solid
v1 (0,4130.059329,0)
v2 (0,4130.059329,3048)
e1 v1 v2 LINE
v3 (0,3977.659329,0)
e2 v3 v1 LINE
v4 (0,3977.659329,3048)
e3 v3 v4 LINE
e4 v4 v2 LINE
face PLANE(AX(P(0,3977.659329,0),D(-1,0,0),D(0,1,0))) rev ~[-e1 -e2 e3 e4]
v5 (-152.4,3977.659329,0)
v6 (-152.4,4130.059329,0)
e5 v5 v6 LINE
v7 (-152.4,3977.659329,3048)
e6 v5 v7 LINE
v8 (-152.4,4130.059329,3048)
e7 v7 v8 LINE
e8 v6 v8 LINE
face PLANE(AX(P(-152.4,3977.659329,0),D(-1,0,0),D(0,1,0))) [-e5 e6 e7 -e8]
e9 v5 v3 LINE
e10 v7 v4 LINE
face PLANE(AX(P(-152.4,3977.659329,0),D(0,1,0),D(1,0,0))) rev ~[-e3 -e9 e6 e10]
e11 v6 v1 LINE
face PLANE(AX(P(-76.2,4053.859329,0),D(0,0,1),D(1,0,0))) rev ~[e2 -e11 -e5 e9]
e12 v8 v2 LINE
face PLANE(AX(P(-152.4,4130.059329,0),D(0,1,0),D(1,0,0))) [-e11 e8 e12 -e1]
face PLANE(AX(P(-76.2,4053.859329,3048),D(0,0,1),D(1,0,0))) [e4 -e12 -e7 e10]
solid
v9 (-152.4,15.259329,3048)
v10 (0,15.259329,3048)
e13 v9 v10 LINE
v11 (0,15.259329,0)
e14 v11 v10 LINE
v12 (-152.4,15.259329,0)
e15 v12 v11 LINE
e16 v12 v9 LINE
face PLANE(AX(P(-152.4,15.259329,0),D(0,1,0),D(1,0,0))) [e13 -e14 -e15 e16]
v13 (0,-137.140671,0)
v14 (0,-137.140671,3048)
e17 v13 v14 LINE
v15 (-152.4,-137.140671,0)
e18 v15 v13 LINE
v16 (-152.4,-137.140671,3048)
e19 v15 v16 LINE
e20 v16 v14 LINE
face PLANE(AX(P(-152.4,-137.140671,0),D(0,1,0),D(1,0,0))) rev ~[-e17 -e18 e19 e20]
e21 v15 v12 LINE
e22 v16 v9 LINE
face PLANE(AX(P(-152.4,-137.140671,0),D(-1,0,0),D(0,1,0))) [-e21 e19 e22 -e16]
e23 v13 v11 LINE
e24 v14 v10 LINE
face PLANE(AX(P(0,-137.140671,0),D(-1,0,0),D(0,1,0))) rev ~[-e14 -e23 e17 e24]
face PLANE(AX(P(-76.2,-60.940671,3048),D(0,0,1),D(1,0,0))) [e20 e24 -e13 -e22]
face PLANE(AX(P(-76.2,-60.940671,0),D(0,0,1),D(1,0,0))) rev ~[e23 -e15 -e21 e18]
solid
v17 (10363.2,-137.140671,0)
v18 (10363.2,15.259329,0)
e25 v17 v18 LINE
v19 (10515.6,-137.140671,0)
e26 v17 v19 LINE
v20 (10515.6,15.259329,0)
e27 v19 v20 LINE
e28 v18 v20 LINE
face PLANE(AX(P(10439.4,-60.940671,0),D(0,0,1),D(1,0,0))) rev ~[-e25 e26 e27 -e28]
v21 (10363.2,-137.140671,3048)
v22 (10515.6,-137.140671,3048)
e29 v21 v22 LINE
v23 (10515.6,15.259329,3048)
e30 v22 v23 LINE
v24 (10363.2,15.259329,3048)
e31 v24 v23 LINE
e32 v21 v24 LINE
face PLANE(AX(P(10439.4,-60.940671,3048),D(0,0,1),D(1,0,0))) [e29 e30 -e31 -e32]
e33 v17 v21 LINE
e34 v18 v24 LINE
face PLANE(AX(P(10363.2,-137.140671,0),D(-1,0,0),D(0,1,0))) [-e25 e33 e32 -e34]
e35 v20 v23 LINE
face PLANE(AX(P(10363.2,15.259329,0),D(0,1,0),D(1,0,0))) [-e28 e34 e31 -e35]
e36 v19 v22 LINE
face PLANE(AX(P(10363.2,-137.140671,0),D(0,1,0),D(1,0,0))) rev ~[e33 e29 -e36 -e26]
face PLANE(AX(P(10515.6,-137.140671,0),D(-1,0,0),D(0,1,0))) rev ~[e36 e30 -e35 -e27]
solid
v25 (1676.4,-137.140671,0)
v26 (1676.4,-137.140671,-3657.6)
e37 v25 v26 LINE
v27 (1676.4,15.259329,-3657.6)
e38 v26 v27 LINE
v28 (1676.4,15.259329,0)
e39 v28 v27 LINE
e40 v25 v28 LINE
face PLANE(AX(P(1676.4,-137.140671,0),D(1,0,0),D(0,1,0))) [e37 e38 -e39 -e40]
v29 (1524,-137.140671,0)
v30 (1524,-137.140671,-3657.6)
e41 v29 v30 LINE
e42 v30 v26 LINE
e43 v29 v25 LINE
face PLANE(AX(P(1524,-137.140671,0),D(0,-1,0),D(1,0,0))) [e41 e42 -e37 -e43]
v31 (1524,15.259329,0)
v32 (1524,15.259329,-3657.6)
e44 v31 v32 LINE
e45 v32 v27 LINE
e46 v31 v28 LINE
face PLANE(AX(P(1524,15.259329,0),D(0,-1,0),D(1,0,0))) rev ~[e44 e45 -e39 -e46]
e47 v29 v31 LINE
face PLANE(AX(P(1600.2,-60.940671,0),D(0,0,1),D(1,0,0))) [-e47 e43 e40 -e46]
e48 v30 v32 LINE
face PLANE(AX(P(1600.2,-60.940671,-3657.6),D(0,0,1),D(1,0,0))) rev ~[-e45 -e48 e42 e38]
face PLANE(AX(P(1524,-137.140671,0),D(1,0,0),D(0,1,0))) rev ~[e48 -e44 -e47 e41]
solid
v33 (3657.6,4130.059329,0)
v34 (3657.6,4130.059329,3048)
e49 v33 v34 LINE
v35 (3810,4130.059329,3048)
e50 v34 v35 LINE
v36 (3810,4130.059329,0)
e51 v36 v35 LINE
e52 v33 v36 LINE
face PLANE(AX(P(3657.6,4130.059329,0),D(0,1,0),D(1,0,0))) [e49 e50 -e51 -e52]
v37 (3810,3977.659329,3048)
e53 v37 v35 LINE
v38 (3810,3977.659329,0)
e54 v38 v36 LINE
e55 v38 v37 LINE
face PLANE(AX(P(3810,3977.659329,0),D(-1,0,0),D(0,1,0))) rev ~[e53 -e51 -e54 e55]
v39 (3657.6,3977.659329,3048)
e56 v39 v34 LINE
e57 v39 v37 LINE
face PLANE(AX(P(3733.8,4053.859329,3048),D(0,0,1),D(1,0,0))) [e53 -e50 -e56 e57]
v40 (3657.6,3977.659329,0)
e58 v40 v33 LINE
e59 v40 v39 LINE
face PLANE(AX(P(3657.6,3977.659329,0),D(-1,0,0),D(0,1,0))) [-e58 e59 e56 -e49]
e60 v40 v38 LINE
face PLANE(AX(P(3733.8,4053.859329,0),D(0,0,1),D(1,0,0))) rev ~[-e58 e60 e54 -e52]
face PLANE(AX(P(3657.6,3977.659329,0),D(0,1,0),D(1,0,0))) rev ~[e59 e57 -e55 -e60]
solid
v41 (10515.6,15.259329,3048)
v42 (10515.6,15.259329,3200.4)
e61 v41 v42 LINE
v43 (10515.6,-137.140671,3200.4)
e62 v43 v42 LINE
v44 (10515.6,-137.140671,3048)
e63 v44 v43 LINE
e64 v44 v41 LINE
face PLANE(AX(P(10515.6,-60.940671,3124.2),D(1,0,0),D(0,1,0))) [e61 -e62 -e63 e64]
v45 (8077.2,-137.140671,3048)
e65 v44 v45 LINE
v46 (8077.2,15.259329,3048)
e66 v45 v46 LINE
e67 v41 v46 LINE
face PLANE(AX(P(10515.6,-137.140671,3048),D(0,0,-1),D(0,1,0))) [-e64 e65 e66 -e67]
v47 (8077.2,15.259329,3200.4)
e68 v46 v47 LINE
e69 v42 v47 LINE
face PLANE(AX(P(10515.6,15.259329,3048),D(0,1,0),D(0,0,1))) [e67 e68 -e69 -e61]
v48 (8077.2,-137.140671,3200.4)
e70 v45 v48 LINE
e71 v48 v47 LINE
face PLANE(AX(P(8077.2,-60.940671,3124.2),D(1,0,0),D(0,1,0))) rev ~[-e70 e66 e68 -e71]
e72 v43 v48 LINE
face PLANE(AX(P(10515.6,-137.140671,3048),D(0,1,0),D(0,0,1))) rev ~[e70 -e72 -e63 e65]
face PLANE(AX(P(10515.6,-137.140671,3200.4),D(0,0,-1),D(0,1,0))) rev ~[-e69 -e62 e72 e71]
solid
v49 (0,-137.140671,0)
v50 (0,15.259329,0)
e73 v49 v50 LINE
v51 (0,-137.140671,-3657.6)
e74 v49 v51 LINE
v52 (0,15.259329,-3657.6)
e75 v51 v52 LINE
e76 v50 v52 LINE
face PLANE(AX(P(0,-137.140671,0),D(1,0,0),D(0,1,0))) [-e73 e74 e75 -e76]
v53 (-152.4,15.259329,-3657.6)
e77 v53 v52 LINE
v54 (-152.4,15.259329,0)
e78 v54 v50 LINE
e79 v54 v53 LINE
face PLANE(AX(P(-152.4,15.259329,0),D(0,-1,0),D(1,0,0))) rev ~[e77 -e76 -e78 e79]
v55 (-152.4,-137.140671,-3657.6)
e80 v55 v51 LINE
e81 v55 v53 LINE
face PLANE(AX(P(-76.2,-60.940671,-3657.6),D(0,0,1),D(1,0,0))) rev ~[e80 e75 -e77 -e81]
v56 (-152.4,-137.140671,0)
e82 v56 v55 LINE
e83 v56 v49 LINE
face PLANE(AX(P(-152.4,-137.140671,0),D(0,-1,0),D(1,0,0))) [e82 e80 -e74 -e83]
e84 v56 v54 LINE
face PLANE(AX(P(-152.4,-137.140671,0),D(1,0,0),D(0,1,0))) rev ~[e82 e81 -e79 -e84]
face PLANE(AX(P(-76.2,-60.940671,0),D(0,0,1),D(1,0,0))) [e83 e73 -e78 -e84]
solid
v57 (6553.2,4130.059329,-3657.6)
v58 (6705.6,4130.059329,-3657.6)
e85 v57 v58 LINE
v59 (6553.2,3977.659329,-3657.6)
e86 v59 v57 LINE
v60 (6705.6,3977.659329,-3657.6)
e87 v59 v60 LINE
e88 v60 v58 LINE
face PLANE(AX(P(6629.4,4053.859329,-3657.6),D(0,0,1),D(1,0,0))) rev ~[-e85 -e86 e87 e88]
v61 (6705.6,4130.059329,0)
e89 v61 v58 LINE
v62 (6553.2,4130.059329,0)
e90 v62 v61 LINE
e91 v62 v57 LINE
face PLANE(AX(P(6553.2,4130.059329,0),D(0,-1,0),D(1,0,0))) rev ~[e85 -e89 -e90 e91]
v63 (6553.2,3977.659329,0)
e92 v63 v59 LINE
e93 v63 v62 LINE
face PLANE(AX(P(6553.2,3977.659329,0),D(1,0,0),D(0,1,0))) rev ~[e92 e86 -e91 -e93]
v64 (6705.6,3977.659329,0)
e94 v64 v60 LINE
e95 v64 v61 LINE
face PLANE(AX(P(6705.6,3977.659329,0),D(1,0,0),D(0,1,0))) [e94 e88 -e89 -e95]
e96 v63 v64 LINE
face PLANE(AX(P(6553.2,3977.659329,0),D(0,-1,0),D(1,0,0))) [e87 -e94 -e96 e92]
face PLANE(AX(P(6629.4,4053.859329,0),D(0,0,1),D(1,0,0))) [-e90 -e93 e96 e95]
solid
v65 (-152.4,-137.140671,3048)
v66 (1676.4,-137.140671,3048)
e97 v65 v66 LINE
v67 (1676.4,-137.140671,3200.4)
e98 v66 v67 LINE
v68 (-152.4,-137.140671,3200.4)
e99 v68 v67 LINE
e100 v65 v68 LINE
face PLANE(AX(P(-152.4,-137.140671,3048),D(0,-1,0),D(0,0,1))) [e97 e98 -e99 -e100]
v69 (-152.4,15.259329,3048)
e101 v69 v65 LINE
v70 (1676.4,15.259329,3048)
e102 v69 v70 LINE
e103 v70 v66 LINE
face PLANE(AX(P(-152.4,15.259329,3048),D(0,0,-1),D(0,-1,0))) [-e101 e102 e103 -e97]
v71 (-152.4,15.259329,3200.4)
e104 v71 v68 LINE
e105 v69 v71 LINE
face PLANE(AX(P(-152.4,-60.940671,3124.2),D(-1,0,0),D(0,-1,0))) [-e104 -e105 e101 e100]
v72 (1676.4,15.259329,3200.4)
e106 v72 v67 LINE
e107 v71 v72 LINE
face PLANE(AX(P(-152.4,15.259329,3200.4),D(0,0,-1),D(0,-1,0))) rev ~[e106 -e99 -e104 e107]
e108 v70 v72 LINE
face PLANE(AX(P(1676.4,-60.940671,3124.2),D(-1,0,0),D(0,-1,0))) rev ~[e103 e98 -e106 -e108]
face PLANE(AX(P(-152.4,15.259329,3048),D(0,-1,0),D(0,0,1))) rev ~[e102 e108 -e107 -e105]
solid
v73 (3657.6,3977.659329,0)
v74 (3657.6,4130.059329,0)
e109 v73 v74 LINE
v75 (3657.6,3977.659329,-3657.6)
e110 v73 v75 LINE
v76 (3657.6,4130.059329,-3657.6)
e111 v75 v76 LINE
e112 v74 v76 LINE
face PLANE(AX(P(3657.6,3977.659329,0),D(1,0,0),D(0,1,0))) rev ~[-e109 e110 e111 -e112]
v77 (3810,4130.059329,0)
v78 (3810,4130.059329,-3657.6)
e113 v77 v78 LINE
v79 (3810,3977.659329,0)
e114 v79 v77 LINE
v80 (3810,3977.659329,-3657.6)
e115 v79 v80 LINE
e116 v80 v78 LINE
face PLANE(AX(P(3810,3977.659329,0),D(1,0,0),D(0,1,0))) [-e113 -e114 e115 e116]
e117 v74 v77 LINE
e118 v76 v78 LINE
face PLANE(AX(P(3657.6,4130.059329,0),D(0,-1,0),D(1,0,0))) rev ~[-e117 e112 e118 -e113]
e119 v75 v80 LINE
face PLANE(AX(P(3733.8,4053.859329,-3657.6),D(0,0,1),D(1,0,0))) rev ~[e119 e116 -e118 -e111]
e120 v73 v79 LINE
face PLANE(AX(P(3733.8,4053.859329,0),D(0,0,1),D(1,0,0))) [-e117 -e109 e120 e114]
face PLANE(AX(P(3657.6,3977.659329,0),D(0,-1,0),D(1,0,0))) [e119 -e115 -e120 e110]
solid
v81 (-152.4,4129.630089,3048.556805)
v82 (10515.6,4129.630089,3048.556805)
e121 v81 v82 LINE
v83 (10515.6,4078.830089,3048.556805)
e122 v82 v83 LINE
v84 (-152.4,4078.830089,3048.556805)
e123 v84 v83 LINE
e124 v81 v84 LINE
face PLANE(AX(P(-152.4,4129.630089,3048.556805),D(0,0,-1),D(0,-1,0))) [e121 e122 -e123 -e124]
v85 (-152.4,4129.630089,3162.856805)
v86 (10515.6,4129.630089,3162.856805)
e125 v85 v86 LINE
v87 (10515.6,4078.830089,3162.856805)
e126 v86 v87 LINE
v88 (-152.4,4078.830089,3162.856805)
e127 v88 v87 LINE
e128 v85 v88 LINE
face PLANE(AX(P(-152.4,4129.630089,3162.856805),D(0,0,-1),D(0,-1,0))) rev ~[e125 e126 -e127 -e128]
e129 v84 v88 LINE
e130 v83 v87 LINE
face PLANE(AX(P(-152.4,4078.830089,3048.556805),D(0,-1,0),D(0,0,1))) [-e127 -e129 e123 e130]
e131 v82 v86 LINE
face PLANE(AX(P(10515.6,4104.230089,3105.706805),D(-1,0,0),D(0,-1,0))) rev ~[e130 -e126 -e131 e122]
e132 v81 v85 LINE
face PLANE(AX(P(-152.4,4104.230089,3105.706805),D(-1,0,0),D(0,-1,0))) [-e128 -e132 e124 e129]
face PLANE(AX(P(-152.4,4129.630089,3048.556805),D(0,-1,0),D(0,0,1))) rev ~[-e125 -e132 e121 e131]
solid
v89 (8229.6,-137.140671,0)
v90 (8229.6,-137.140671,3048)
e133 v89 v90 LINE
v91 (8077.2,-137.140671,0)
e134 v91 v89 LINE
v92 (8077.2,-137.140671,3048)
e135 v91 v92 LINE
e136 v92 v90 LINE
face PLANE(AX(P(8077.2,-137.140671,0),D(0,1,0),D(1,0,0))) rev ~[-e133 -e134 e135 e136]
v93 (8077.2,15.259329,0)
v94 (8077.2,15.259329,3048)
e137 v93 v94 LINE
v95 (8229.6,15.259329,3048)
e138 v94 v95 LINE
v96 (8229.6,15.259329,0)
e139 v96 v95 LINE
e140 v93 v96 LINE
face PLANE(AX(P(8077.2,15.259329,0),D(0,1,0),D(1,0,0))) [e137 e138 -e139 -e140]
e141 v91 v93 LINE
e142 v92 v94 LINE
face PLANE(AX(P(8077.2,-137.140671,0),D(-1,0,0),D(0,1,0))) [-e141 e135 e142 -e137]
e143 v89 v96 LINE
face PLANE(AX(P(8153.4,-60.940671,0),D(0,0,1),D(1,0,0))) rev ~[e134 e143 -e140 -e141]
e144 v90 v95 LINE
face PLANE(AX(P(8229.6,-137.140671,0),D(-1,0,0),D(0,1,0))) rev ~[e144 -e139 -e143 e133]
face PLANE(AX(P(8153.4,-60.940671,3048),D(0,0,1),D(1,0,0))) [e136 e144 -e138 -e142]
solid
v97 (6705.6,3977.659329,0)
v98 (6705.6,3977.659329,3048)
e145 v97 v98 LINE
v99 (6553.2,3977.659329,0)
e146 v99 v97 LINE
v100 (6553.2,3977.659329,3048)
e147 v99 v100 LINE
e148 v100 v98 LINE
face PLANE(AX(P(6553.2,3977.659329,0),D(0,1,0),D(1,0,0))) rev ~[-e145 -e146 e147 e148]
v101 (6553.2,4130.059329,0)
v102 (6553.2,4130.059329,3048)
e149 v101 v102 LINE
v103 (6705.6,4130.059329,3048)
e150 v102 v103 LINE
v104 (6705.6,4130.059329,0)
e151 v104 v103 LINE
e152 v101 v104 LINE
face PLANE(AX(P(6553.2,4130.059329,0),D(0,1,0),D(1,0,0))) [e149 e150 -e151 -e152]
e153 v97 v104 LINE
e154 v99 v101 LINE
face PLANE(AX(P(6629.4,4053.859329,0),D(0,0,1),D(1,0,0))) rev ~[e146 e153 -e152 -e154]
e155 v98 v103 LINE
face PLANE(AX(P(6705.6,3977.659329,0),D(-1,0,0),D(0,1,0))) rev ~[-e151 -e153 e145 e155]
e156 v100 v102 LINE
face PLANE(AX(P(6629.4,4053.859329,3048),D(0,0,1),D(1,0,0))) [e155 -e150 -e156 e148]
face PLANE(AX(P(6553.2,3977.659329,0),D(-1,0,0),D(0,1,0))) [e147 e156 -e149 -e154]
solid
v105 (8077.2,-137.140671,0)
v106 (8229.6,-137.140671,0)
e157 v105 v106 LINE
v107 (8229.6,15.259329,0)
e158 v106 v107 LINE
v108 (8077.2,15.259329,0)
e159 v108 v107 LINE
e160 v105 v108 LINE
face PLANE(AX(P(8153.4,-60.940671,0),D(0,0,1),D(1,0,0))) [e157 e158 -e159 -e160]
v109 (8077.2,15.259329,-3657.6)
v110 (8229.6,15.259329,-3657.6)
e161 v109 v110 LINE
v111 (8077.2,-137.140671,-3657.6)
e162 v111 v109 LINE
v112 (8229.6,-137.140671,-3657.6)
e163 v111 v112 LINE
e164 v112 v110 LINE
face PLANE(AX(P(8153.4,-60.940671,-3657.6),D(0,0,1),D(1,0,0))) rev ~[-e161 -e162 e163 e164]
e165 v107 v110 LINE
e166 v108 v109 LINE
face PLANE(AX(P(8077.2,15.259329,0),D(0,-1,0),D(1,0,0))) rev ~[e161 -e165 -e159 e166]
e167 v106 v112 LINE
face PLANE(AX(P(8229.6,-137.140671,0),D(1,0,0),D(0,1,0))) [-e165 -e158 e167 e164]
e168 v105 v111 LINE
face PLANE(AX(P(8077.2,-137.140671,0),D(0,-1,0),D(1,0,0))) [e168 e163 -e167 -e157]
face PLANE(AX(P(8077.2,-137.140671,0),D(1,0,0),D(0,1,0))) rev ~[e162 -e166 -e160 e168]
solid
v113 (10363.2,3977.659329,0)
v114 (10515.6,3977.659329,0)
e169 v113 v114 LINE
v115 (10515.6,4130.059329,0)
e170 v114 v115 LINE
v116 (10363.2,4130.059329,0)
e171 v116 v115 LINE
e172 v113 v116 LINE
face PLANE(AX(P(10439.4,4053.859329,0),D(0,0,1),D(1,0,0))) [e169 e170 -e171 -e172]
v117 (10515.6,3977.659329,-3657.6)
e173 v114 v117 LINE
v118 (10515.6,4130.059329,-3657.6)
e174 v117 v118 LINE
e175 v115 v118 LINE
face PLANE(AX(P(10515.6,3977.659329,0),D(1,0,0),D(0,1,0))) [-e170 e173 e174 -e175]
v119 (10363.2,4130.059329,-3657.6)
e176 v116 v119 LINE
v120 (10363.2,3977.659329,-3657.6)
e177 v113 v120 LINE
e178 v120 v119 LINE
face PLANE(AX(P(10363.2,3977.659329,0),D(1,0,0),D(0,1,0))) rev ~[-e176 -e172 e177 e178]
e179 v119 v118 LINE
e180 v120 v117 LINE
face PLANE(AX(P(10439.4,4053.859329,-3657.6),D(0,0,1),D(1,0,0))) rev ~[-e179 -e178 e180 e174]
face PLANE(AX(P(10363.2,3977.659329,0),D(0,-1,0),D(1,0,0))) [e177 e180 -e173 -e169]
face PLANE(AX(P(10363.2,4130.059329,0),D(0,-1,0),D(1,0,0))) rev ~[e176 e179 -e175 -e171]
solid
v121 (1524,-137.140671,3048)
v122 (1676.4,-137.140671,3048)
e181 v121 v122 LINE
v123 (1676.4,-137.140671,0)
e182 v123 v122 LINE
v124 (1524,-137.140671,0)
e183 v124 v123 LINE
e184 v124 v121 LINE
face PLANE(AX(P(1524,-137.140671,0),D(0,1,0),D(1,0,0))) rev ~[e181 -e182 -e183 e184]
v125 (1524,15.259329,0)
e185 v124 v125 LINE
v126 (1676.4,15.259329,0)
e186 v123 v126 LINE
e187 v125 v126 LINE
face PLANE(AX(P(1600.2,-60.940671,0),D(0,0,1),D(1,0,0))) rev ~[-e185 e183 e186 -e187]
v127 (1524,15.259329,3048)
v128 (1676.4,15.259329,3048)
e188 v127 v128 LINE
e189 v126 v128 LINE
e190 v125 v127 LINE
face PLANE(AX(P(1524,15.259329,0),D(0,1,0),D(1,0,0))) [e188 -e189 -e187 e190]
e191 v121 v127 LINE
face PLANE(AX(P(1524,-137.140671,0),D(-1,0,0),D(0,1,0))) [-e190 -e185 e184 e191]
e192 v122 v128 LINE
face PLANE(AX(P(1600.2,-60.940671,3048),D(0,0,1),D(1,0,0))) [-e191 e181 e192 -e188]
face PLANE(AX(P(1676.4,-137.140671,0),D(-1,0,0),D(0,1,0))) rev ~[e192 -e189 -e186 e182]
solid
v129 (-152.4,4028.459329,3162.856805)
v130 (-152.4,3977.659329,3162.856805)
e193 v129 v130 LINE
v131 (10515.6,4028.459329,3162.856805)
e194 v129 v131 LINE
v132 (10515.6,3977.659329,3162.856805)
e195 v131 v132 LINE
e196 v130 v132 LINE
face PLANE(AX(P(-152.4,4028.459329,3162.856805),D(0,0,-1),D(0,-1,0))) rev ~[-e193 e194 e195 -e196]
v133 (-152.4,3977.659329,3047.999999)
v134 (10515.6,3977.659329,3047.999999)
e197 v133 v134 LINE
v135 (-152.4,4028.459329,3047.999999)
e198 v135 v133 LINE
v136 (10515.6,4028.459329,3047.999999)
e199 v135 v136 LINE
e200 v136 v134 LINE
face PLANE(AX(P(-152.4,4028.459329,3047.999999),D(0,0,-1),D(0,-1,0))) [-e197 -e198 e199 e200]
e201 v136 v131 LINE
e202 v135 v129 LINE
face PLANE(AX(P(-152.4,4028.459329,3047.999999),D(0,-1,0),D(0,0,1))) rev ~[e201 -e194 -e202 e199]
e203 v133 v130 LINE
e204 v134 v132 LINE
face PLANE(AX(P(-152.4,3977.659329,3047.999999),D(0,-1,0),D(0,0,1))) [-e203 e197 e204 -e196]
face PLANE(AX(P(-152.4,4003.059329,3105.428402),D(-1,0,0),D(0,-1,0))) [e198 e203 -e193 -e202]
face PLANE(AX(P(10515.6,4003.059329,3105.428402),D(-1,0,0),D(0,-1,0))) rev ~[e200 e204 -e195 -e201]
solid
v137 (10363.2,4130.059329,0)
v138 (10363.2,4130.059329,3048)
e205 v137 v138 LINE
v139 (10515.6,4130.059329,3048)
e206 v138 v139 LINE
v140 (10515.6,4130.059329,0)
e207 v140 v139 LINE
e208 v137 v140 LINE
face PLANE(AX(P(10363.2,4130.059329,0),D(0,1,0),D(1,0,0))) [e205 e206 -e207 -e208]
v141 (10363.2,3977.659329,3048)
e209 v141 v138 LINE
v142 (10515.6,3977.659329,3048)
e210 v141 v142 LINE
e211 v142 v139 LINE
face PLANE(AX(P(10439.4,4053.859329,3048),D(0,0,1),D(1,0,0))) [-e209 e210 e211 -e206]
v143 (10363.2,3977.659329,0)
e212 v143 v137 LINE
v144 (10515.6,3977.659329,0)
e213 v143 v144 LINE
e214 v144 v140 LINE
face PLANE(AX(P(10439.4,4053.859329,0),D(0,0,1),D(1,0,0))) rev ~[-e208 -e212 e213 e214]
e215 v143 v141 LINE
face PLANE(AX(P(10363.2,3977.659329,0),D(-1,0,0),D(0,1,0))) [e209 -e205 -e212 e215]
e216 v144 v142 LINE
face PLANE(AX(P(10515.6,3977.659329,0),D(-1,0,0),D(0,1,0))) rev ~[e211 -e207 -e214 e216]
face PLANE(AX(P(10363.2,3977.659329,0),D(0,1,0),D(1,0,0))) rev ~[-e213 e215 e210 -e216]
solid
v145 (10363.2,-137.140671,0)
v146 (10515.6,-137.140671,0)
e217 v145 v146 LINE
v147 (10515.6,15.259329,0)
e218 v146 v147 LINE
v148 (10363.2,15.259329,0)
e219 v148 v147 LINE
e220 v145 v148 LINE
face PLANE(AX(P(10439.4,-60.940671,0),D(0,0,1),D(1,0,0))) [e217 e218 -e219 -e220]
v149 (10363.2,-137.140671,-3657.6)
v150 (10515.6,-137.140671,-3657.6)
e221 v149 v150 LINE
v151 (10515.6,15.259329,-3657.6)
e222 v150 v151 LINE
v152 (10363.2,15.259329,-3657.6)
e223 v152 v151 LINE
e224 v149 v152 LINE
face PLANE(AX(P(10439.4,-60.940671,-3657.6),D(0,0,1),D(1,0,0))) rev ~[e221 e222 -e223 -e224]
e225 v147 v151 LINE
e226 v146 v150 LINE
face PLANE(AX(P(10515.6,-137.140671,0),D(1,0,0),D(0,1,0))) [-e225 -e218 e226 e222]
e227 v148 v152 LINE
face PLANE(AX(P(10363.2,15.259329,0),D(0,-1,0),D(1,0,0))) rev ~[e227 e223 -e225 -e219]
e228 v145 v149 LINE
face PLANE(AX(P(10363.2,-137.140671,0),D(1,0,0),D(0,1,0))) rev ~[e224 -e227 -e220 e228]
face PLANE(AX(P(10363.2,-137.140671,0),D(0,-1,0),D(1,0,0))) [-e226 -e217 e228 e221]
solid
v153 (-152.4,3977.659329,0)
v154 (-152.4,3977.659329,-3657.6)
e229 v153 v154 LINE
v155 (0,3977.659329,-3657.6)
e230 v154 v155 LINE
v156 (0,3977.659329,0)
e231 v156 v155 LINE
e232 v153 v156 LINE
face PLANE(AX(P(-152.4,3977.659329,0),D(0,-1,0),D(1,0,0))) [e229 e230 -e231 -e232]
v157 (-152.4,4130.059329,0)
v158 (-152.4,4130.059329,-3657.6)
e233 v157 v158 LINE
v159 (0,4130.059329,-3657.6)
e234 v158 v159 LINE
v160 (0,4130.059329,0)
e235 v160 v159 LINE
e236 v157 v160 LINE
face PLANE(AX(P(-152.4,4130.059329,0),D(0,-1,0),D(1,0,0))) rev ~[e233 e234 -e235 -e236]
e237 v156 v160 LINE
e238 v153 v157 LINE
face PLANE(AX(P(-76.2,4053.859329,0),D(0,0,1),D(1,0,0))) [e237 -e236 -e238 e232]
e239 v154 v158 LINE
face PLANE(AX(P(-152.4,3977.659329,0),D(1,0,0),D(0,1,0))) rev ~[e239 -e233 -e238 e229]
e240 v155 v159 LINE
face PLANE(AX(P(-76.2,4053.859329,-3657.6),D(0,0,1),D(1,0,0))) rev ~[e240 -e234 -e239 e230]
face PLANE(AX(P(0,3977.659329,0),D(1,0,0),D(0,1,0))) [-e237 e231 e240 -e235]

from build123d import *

# Parameters (mm, degrees)
F0_W     = 152.4
F0_H     = 152.4
F1_DEPTH = 3048
F2_DEPTH = 3657.6
F3_W     = 152.4
F3_H     = 152.4
F4_DEPTH = 1828.8
F5_W     = 152.4
F5_H     = 152.4
F6_DEPTH = 2438.4
F3_W_2   = 50.8
F3_H_2   = 114.3
F3_H_3   = 114.856805
F7_DEPTH = 10668


with BuildPart() as f1:
    # F0 (on Top) → F1 (new body)
    with BuildSketch(Plane.XY):
        with Locations((-76.2, 4053.859329)):
            Rectangle(F0_W, F0_H)
        with Locations((3733.8, 4053.859329)):
            Rectangle(F0_W, F0_H)
        with Locations((6629.4, 4053.859329)):
            Rectangle(F0_W, F0_H)
        with Locations((-76.2, -60.940671)):
            Rectangle(F0_W, F0_H)
        with Locations((1600.2, -60.940671)):
            Rectangle(F0_W, F0_H)
        with Locations((8153.4, -60.940671)):
            Rectangle(F0_W, F0_H)
        with Locations((10439.4, 4053.859329)):
            Rectangle(F0_W, F0_H)
        with Locations((10439.4, -60.940671)):
            Rectangle(F0_W, F0_H)
    extrude(amount=F1_DEPTH)


with BuildPart() as f2:
    # F0 (on Top) → F2 (new body)
    with BuildSketch(Plane.XY):
        with Locations((-76.2, 4053.859329)):
            Rectangle(F0_W, F0_H)
        with Locations((3733.8, 4053.859329)):
            Rectangle(F0_W, F0_H)
        with Locations((6629.4, 4053.859329)):
            Rectangle(F0_W, F0_H)
        with Locations((-76.2, -60.940671)):
            Rectangle(F0_W, F0_H)
        with Locations((1600.2, -60.940671)):
            Rectangle(F0_W, F0_H)
        with Locations((8153.4, -60.940671)):
            Rectangle(F0_W, F0_H)
        with Locations((10439.4, 4053.859329)):
            Rectangle(F0_W, F0_H)
        with Locations((10439.4, -60.940671)):
            Rectangle(F0_W, F0_H)
    extrude(amount=-F2_DEPTH)


with BuildPart() as f4:
    # F3 (on face) → F4 (new body, through all)
    with BuildSketch(Plane(origin=(-152.4, 0, 0), x_dir=(0, -1, 0), z_dir=(-1, 0, 0))):
        with Locations((60.940671, 3124.2)):
            Rectangle(F3_W, F3_H)
    extrude(amount=-F4_DEPTH)


with BuildPart() as f6:
    # F5 (on face) → F6 (new body, through all)
    with BuildSketch(Plane.YZ.offset(10515.6)):
        with Locations((-60.940671, 3124.2)):
            Rectangle(F5_W, F5_H)
    extrude(amount=-F6_DEPTH)


with BuildPart() as f7:
    # F3 (on face) → F7 (new body, through all)
    with BuildSketch(Plane(origin=(-152.4, 0, 0), x_dir=(0, -1, 0), z_dir=(-1, 0, 0))):
        with Locations((-4104.230089, 3105.706805)):
            Rectangle(F3_W_2, F3_H_2)
        with Locations((-4003.059329, 3105.428402)):
            Rectangle(F3_W_2, F3_H_3)
    extrude(amount=-F7_DEPTH)


solid = Compound([f1.part, f2.part, f4.part, f6.part, f7.part])
